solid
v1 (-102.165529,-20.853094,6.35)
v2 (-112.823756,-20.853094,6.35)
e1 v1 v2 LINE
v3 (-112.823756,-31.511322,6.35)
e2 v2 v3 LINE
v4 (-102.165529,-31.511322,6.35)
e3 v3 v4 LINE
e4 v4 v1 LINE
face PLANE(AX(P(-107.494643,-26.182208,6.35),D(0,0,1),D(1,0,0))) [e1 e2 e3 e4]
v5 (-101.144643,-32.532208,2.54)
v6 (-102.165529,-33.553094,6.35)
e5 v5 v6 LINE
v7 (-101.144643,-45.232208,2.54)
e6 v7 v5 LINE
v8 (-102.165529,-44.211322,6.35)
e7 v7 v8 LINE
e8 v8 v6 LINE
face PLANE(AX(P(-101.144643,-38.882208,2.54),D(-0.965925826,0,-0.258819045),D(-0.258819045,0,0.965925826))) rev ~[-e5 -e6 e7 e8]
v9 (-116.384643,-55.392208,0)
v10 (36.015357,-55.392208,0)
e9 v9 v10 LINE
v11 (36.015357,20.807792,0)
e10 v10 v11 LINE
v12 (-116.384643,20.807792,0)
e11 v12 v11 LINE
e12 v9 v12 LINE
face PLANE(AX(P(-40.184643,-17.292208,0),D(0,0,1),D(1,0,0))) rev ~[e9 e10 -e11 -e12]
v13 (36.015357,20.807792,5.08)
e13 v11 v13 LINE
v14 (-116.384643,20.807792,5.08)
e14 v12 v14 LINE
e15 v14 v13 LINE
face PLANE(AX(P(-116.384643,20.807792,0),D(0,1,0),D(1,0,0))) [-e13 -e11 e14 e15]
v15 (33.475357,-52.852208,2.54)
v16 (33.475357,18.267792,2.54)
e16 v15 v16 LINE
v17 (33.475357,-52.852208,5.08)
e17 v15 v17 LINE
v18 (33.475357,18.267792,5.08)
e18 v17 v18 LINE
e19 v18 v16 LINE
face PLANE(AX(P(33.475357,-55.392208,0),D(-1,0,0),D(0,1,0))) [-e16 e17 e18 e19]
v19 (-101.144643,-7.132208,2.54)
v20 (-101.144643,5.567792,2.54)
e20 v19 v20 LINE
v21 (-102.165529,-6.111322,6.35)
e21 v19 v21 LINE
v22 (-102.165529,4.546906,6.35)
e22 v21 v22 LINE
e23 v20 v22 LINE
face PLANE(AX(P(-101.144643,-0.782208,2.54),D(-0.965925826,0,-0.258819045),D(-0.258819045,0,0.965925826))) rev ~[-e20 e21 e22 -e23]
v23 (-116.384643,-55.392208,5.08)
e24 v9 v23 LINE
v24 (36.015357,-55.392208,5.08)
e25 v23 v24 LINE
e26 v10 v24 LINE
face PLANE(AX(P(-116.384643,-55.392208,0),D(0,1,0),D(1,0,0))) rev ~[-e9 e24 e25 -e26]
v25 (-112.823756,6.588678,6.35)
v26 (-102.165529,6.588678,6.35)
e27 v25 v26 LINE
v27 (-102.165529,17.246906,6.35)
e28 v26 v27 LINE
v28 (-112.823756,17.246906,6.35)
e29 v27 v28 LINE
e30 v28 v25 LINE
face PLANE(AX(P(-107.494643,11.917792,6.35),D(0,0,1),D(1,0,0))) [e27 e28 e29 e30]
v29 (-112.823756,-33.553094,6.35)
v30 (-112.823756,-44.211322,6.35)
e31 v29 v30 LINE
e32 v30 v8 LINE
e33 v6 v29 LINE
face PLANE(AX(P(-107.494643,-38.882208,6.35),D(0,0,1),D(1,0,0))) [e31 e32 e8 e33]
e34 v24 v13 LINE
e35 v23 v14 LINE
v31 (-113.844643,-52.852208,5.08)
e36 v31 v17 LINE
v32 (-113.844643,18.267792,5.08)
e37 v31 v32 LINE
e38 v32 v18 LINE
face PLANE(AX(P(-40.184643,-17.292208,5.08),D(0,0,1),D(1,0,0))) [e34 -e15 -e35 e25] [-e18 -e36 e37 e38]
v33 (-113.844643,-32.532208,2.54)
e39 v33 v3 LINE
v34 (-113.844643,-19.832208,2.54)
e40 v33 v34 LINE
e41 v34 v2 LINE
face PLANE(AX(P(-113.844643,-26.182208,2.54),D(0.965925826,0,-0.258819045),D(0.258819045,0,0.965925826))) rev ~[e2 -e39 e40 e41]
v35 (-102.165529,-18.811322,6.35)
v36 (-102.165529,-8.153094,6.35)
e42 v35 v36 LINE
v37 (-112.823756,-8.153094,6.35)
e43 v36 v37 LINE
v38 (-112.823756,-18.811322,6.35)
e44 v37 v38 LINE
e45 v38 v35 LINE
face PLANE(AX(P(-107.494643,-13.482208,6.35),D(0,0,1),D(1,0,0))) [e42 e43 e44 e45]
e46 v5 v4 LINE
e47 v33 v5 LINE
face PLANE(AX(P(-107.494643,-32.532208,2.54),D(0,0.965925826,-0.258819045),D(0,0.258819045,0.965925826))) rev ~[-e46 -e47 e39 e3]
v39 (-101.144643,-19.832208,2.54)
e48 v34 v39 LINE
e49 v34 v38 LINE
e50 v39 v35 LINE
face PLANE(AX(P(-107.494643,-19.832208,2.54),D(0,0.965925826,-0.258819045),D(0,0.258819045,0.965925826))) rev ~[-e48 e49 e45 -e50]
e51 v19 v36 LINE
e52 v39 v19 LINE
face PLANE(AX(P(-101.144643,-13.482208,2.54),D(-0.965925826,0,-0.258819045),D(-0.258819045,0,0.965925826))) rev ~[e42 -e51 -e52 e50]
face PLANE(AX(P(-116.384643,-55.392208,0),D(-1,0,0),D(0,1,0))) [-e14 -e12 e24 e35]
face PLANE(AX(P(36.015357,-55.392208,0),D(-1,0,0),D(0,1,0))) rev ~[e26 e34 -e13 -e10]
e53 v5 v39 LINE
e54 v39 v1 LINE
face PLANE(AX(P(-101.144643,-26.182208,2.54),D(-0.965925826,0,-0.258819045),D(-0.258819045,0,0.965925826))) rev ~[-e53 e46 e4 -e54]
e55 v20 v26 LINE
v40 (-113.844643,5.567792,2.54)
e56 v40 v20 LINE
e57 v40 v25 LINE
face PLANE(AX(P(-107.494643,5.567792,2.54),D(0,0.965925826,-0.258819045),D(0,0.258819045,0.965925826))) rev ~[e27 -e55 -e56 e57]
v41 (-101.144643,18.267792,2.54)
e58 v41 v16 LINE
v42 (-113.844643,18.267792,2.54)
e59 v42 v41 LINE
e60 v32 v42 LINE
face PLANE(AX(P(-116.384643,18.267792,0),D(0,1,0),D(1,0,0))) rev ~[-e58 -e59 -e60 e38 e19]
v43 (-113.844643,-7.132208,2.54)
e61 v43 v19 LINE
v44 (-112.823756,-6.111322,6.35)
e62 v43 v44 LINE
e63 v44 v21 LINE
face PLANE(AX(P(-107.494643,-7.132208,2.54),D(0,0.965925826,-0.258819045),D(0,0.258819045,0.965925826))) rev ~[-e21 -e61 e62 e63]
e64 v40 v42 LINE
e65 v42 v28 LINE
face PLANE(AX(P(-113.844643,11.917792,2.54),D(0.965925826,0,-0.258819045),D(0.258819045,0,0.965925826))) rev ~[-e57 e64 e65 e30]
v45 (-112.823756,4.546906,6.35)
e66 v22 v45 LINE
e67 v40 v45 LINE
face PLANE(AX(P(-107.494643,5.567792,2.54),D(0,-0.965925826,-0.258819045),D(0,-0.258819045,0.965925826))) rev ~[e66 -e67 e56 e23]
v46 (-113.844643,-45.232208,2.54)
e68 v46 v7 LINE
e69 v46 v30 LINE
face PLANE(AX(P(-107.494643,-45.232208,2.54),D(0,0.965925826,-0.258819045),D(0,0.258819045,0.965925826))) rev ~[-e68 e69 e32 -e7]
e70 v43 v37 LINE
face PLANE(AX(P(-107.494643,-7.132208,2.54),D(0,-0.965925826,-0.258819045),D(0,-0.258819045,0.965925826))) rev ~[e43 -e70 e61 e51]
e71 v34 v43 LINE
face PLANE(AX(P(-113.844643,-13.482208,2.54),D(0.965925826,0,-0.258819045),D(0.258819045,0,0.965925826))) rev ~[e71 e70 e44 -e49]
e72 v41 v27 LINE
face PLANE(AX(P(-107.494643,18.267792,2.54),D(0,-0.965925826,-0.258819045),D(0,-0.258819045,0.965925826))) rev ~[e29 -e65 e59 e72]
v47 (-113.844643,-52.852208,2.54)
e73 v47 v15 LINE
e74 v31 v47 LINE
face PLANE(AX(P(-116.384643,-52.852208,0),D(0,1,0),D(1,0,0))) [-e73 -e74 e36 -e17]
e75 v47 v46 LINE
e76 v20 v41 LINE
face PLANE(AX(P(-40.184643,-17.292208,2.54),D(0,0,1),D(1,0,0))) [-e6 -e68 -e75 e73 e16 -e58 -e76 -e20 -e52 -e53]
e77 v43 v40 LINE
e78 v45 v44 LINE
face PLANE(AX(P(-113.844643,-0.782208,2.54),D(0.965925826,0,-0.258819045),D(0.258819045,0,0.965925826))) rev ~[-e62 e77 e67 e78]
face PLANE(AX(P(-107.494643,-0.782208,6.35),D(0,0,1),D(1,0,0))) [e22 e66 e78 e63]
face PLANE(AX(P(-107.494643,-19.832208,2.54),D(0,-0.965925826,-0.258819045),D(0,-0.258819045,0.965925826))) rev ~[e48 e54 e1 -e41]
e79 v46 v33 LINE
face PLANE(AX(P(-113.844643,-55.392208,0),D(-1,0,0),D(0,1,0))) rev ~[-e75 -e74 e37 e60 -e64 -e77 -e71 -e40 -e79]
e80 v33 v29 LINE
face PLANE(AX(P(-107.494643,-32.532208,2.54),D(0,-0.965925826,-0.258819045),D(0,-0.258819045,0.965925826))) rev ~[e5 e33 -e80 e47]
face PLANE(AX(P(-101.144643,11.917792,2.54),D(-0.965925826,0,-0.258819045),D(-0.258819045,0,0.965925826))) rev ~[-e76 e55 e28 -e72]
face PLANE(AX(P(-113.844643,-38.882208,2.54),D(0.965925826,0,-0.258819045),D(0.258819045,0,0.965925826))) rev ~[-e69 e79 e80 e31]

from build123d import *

# Parameters (mm, degrees)
F0_W      = 152.4
F0_H      = 76.2
F1_DEPTH  = 5.08
F2_T      = -2.54
F3_W      = 12.7
F3_H      = 12.7
F4_DEPTH  = 3.81
F4_TAPER  = 15
F5_W      = 12.7
F5_H      = 12.7
F6_DEPTH  = 3.81
F6_TAPER  = 15
F7_W      = 12.7
F7_H      = 12.7
F8_DEPTH  = 3.81
F8_TAPER  = 15
F9_W      = 12.7
F9_H      = 12.7
F10_DEPTH = 3.81
F10_TAPER = 15
F11_W     = 12.7
F11_H     = 12.7
F13_DEPTH = 3.81
F13_TAPER = 15


with BuildPart() as f1:
    # F0 (on Top) → F1 (new body)
    with BuildSketch(Plane.XY):
        with Locations((-40.1846427969, -17.2922080383)):
            Rectangle(F0_W, F0_H)
    extrude(amount=F1_DEPTH)

    # F2
    f2_openings = [f1.faces().sort_by_distance(p)[0] for p in [
        (-40.184643, -17.292208, 5.08),
    ]]
    offset(amount=F2_T, openings=f2_openings)

    # F3 (on face) → F4 (join)
    with BuildSketch(Plane.XY.offset(2.54)):
        with Locations((-107.4946427969, 11.9177919617)):
            Rectangle(F3_W, F3_H)
    extrude(amount=F4_DEPTH, taper=F4_TAPER)

    # F5 (on face) → F6 (join)
    with BuildSketch(Plane.XY.offset(2.54)):
        with Locations((-107.4946427969, -0.7822080383)):
            Rectangle(F5_W, F5_H)
    extrude(amount=F6_DEPTH, taper=F6_TAPER)

    # F7 (on face) → F8 (join)
    with BuildSketch(Plane.XY.offset(2.54)):
        with Locations((-107.4946427969, -13.4822080383)):
            Rectangle(F7_W, F7_H)
    extrude(amount=F8_DEPTH, taper=F8_TAPER)

    # F9 (on face) → F10 (join)
    with BuildSketch(Plane.XY.offset(2.54)):
        with Locations((-107.4946427969, -26.1822080383)):
            Rectangle(F9_W, F9_H)
    extrude(amount=F10_DEPTH, taper=F10_TAPER)

    # F11 (on face) → F13 (join)
    with BuildSketch(Plane.XY.offset(2.54)):
        with Locations((-107.4946427969, -38.8822080383)):
            Rectangle(F11_W, F11_H)
    extrude(amount=F13_DEPTH, taper=F13_TAPER)


solid = f1.part
